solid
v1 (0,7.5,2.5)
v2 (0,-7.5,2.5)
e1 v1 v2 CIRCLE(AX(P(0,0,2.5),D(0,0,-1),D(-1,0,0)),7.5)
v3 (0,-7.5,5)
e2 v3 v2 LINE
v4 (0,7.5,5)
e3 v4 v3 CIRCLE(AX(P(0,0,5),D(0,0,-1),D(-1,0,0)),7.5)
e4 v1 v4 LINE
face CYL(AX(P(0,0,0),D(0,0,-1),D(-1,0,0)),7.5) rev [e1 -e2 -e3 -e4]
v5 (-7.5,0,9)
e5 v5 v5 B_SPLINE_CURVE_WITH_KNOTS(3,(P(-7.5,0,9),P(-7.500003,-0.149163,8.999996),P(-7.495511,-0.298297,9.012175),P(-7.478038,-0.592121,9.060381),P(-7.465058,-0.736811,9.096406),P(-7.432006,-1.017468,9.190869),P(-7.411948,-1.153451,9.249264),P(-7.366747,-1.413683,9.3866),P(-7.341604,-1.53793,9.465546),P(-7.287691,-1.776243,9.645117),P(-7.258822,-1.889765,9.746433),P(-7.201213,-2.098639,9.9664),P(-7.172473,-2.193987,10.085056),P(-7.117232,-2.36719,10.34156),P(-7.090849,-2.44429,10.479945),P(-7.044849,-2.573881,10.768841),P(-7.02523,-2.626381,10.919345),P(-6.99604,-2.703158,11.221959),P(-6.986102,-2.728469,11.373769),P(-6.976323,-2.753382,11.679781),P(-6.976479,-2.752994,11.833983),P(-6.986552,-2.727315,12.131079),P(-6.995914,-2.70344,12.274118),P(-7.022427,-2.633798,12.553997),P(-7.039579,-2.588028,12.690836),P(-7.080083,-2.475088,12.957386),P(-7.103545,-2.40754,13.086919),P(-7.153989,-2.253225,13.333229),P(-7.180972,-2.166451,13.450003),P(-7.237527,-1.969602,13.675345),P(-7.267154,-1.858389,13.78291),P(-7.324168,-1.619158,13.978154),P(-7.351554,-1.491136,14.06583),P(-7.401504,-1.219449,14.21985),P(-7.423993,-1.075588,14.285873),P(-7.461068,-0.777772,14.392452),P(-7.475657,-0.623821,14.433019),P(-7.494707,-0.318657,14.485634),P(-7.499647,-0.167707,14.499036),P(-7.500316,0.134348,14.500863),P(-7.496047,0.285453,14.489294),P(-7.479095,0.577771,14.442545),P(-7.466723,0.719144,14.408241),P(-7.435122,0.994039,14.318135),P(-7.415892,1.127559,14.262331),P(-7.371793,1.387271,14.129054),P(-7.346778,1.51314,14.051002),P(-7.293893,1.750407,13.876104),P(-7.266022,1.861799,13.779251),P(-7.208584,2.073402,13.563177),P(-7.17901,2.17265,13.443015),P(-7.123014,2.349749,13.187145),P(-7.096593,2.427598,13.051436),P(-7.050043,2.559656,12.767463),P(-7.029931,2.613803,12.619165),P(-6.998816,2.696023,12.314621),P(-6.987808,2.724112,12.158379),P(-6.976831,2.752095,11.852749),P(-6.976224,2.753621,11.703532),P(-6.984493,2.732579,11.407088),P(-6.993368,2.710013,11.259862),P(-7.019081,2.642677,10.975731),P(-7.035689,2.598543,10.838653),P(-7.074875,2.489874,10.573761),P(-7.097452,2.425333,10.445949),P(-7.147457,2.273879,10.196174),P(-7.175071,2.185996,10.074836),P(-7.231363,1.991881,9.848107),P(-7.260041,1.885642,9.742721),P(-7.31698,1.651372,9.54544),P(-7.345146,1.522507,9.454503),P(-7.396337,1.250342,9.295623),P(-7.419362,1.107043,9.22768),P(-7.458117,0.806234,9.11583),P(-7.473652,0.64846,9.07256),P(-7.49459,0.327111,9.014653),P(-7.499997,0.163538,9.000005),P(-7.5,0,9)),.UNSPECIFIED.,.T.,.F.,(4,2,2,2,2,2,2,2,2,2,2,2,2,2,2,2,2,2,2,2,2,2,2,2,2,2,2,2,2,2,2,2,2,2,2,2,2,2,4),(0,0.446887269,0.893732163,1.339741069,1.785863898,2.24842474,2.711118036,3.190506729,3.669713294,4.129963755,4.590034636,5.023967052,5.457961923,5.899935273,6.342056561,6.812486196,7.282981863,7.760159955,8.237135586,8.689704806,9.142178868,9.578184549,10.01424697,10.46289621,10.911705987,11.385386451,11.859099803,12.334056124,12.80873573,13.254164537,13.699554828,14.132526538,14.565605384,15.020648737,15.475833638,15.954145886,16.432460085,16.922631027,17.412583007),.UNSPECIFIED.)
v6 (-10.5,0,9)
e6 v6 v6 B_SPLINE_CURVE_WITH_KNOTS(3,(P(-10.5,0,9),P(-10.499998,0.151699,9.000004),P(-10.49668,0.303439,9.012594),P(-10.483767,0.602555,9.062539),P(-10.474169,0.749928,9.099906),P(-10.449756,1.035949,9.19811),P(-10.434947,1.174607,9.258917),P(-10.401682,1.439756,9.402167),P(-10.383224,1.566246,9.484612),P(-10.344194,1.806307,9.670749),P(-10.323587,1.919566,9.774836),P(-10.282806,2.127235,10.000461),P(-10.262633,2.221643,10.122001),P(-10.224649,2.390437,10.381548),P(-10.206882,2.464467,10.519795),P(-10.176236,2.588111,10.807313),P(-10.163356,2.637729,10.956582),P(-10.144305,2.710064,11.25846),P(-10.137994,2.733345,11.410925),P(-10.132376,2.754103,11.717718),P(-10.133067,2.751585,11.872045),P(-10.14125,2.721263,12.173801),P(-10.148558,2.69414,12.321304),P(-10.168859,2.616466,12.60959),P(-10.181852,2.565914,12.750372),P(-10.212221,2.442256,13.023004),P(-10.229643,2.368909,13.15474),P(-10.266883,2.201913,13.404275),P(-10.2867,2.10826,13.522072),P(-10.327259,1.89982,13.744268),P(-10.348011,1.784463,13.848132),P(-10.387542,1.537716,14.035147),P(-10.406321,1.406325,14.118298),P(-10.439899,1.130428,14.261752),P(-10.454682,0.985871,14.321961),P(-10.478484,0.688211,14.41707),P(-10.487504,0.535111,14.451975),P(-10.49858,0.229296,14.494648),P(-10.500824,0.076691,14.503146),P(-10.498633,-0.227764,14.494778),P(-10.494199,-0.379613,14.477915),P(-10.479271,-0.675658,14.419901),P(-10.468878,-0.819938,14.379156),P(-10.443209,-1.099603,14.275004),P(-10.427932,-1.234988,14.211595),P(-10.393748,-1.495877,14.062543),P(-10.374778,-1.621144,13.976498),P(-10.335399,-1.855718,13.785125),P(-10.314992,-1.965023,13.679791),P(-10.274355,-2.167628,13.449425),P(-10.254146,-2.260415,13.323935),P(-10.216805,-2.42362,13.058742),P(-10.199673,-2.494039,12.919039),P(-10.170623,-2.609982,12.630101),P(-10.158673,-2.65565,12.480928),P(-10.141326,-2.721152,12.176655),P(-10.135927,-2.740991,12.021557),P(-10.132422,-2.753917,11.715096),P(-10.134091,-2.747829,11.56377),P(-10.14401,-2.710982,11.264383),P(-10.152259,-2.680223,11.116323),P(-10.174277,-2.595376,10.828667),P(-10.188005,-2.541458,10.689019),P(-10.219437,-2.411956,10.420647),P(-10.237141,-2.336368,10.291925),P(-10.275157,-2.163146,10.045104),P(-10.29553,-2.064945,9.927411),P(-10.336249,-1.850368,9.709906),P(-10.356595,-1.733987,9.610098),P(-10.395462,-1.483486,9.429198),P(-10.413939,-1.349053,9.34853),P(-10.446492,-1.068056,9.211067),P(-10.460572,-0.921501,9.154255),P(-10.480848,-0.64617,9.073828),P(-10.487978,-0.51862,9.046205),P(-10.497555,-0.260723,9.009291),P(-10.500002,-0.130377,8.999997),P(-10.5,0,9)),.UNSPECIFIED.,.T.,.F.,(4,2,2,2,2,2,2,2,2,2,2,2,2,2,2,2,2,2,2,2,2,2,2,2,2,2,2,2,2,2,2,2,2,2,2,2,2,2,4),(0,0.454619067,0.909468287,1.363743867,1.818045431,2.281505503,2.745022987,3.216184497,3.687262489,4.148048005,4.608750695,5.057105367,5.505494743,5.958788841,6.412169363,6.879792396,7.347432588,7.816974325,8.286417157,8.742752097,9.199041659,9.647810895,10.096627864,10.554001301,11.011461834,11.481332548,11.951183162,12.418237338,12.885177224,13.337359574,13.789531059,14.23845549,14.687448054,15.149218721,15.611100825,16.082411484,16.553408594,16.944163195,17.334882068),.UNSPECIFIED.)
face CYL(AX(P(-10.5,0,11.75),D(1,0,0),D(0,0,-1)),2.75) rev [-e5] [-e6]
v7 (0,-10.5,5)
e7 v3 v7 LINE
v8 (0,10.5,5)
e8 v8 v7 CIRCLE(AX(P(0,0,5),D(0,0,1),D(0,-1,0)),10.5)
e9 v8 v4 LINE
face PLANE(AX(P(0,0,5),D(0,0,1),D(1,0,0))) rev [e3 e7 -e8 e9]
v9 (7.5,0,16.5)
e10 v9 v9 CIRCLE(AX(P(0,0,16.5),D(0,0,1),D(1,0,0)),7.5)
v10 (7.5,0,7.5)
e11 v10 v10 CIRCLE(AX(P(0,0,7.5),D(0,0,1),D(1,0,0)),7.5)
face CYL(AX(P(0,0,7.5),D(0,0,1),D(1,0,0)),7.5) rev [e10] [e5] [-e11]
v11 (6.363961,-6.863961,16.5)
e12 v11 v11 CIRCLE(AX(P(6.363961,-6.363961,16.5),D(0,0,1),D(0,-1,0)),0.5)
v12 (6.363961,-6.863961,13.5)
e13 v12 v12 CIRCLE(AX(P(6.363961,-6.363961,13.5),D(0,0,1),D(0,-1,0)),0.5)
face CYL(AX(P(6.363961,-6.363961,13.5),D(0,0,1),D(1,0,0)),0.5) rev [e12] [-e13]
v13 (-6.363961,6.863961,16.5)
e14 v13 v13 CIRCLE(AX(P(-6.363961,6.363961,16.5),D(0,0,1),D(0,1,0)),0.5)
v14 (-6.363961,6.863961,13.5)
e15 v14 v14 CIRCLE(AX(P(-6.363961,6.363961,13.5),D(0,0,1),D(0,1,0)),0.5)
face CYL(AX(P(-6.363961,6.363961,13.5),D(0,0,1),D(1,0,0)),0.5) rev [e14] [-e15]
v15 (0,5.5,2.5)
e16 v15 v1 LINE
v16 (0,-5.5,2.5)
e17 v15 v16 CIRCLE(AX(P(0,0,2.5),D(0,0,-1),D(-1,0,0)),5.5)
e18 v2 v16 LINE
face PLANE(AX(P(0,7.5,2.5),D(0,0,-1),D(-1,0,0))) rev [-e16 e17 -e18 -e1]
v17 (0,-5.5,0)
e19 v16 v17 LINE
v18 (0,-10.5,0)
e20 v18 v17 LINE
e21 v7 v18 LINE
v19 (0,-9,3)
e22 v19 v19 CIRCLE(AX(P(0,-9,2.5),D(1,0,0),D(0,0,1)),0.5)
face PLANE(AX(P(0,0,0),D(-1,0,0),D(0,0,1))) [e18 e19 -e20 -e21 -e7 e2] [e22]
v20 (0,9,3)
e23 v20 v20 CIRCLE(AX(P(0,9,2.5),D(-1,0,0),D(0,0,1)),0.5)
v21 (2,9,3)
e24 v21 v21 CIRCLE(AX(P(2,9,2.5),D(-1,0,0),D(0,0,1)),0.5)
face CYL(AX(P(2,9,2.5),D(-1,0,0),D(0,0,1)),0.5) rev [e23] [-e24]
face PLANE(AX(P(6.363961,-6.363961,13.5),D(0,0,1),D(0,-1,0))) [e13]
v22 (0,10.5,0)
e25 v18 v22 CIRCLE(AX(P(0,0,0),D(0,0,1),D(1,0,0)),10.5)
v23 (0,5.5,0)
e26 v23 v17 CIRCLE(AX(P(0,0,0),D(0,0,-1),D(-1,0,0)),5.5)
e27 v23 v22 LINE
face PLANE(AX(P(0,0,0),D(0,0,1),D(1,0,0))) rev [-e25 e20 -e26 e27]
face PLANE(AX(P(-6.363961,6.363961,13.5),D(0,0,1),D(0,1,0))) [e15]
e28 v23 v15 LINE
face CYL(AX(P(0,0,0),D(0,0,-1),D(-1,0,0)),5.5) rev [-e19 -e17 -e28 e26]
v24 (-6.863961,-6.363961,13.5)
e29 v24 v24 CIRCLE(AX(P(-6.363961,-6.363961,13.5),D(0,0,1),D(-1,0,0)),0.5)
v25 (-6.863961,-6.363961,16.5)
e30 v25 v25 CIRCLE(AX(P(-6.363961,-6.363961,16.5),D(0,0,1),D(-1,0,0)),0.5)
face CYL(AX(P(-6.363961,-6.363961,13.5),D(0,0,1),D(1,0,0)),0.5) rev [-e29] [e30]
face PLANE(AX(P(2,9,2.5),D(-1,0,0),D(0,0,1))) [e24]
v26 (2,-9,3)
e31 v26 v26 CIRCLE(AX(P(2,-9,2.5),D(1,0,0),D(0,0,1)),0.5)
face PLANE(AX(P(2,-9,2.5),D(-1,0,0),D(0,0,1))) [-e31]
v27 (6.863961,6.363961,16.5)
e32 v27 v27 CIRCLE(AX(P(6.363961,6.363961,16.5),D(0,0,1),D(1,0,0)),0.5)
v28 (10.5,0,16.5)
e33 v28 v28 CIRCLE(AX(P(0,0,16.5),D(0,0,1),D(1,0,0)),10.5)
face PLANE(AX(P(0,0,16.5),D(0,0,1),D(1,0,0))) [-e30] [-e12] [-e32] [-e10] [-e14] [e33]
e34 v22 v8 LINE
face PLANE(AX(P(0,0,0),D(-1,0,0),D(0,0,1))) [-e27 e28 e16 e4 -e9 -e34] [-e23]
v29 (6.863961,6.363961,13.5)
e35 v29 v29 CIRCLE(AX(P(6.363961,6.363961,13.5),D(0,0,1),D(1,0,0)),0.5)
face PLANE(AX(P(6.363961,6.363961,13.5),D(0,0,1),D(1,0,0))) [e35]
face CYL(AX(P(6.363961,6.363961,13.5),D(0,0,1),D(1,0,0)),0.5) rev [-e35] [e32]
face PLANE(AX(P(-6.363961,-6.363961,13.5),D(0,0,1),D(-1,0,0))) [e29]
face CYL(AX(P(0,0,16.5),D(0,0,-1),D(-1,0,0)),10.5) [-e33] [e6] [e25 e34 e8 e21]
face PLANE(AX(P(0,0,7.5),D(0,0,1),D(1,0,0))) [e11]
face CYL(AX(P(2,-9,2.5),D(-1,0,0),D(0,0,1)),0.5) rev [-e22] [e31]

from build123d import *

# Parameters (mm, degrees)
SKETCH1_R           = 10.5
BOSS_EXTRUDE1_DEPTH = 16.5
SKETCH2_R           = 7.5
CUT_EXTRUDE1_DEPTH  = 9
SKETCH15_R          = 0.5
CUT_EXTRUDE10_DEPTH = 3
CIRPATTERN1_COUNT   = 4
SKETCH11_R          = 2.75
CUT_EXTRUDE6_DEPTH  = 23.19797288
SKETCH13_W          = 5
SKETCH13_H          = 21
CUT_EXTRUDE8_DEPTH  = 23.197973064
SKETCH14_R          = 0.5
CUT_EXTRUDE9_DEPTH  = 2


with BuildPart() as part:
    # Sketch1 → Boss-Extrude1 (new body)
    with BuildSketch(Plane.XY):
        Circle(SKETCH1_R)
    extrude(amount=BOSS_EXTRUDE1_DEPTH)

    # Sketch2 → Cut-Extrude1 (cut)
    with BuildSketch(Plane.XY.offset(16.5)):
        Circle(SKETCH2_R)
    extrude(amount=-CUT_EXTRUDE1_DEPTH, mode=Mode.SUBTRACT)

    # Sketch15 → Cut-Extrude10 (cut)
    with BuildSketch(Plane.XY.offset(16.5)):
        with Locations((6.363961031, 6.363961031)):
            Circle(SKETCH15_R)
    cut_extrude10 = extrude(amount=-CUT_EXTRUDE10_DEPTH, mode=Mode.SUBTRACT)

    # CirPattern1: Cut-Extrude10 ×4 about axis
    cirpattern1_axis = Axis((0, 0, 16.5), (0, 0, -1))
    for i in range(1, CIRPATTERN1_COUNT):
        add(cut_extrude10.rotate(cirpattern1_axis, i * 360 / CIRPATTERN1_COUNT), mode=Mode.SUBTRACT)

    # Sketch9 → Cut-Revolve1 (revolve, cut)
    with BuildSketch(Plane(origin=(0, 0, 0), x_dir=(0, 0, -1), z_dir=(1, 0, 0))):
        Polygon((-5, 0), (-5, 7.5), (-2.5, 7.5), (-2.5, 5.5), (0, 5.5), (0, 0), align=None)
    revolve(axis=Axis((0, 0, 0), (0, 0, 1)), mode=Mode.SUBTRACT)

    # Sketch11 → Cut-Extrude6 (cut, through all)
    with BuildSketch(Plane(origin=(0, 0, 0), x_dir=(0, 0, -1), z_dir=(1, 0, 0))):
        with Locations((-11.75, 0)):
            Circle(SKETCH11_R)
    extrude(amount=-CUT_EXTRUDE6_DEPTH, mode=Mode.SUBTRACT)

    # Sketch13 → Cut-Extrude8 (cut, through all)
    with BuildSketch(Plane(origin=(0, 0, 0), x_dir=(0, 0, -1), z_dir=(1, 0, 0))):
        with Locations((-2.5, 0)):
            Rectangle(SKETCH13_W, SKETCH13_H)
    extrude(amount=-CUT_EXTRUDE8_DEPTH, mode=Mode.SUBTRACT)

    # Sketch14 → Cut-Extrude9 (cut)
    with BuildSketch(Plane.ZY):
        with Locations((2.5, 9)):
            Circle(SKETCH14_R)
    cut_extrude9 = extrude(amount=-CUT_EXTRUDE9_DEPTH, mode=Mode.SUBTRACT)

    # Mirror1: Cut-Extrude9 across plane
    add(cut_extrude9.mirror(Plane.ZX), mode=Mode.SUBTRACT)


solid = part.part
